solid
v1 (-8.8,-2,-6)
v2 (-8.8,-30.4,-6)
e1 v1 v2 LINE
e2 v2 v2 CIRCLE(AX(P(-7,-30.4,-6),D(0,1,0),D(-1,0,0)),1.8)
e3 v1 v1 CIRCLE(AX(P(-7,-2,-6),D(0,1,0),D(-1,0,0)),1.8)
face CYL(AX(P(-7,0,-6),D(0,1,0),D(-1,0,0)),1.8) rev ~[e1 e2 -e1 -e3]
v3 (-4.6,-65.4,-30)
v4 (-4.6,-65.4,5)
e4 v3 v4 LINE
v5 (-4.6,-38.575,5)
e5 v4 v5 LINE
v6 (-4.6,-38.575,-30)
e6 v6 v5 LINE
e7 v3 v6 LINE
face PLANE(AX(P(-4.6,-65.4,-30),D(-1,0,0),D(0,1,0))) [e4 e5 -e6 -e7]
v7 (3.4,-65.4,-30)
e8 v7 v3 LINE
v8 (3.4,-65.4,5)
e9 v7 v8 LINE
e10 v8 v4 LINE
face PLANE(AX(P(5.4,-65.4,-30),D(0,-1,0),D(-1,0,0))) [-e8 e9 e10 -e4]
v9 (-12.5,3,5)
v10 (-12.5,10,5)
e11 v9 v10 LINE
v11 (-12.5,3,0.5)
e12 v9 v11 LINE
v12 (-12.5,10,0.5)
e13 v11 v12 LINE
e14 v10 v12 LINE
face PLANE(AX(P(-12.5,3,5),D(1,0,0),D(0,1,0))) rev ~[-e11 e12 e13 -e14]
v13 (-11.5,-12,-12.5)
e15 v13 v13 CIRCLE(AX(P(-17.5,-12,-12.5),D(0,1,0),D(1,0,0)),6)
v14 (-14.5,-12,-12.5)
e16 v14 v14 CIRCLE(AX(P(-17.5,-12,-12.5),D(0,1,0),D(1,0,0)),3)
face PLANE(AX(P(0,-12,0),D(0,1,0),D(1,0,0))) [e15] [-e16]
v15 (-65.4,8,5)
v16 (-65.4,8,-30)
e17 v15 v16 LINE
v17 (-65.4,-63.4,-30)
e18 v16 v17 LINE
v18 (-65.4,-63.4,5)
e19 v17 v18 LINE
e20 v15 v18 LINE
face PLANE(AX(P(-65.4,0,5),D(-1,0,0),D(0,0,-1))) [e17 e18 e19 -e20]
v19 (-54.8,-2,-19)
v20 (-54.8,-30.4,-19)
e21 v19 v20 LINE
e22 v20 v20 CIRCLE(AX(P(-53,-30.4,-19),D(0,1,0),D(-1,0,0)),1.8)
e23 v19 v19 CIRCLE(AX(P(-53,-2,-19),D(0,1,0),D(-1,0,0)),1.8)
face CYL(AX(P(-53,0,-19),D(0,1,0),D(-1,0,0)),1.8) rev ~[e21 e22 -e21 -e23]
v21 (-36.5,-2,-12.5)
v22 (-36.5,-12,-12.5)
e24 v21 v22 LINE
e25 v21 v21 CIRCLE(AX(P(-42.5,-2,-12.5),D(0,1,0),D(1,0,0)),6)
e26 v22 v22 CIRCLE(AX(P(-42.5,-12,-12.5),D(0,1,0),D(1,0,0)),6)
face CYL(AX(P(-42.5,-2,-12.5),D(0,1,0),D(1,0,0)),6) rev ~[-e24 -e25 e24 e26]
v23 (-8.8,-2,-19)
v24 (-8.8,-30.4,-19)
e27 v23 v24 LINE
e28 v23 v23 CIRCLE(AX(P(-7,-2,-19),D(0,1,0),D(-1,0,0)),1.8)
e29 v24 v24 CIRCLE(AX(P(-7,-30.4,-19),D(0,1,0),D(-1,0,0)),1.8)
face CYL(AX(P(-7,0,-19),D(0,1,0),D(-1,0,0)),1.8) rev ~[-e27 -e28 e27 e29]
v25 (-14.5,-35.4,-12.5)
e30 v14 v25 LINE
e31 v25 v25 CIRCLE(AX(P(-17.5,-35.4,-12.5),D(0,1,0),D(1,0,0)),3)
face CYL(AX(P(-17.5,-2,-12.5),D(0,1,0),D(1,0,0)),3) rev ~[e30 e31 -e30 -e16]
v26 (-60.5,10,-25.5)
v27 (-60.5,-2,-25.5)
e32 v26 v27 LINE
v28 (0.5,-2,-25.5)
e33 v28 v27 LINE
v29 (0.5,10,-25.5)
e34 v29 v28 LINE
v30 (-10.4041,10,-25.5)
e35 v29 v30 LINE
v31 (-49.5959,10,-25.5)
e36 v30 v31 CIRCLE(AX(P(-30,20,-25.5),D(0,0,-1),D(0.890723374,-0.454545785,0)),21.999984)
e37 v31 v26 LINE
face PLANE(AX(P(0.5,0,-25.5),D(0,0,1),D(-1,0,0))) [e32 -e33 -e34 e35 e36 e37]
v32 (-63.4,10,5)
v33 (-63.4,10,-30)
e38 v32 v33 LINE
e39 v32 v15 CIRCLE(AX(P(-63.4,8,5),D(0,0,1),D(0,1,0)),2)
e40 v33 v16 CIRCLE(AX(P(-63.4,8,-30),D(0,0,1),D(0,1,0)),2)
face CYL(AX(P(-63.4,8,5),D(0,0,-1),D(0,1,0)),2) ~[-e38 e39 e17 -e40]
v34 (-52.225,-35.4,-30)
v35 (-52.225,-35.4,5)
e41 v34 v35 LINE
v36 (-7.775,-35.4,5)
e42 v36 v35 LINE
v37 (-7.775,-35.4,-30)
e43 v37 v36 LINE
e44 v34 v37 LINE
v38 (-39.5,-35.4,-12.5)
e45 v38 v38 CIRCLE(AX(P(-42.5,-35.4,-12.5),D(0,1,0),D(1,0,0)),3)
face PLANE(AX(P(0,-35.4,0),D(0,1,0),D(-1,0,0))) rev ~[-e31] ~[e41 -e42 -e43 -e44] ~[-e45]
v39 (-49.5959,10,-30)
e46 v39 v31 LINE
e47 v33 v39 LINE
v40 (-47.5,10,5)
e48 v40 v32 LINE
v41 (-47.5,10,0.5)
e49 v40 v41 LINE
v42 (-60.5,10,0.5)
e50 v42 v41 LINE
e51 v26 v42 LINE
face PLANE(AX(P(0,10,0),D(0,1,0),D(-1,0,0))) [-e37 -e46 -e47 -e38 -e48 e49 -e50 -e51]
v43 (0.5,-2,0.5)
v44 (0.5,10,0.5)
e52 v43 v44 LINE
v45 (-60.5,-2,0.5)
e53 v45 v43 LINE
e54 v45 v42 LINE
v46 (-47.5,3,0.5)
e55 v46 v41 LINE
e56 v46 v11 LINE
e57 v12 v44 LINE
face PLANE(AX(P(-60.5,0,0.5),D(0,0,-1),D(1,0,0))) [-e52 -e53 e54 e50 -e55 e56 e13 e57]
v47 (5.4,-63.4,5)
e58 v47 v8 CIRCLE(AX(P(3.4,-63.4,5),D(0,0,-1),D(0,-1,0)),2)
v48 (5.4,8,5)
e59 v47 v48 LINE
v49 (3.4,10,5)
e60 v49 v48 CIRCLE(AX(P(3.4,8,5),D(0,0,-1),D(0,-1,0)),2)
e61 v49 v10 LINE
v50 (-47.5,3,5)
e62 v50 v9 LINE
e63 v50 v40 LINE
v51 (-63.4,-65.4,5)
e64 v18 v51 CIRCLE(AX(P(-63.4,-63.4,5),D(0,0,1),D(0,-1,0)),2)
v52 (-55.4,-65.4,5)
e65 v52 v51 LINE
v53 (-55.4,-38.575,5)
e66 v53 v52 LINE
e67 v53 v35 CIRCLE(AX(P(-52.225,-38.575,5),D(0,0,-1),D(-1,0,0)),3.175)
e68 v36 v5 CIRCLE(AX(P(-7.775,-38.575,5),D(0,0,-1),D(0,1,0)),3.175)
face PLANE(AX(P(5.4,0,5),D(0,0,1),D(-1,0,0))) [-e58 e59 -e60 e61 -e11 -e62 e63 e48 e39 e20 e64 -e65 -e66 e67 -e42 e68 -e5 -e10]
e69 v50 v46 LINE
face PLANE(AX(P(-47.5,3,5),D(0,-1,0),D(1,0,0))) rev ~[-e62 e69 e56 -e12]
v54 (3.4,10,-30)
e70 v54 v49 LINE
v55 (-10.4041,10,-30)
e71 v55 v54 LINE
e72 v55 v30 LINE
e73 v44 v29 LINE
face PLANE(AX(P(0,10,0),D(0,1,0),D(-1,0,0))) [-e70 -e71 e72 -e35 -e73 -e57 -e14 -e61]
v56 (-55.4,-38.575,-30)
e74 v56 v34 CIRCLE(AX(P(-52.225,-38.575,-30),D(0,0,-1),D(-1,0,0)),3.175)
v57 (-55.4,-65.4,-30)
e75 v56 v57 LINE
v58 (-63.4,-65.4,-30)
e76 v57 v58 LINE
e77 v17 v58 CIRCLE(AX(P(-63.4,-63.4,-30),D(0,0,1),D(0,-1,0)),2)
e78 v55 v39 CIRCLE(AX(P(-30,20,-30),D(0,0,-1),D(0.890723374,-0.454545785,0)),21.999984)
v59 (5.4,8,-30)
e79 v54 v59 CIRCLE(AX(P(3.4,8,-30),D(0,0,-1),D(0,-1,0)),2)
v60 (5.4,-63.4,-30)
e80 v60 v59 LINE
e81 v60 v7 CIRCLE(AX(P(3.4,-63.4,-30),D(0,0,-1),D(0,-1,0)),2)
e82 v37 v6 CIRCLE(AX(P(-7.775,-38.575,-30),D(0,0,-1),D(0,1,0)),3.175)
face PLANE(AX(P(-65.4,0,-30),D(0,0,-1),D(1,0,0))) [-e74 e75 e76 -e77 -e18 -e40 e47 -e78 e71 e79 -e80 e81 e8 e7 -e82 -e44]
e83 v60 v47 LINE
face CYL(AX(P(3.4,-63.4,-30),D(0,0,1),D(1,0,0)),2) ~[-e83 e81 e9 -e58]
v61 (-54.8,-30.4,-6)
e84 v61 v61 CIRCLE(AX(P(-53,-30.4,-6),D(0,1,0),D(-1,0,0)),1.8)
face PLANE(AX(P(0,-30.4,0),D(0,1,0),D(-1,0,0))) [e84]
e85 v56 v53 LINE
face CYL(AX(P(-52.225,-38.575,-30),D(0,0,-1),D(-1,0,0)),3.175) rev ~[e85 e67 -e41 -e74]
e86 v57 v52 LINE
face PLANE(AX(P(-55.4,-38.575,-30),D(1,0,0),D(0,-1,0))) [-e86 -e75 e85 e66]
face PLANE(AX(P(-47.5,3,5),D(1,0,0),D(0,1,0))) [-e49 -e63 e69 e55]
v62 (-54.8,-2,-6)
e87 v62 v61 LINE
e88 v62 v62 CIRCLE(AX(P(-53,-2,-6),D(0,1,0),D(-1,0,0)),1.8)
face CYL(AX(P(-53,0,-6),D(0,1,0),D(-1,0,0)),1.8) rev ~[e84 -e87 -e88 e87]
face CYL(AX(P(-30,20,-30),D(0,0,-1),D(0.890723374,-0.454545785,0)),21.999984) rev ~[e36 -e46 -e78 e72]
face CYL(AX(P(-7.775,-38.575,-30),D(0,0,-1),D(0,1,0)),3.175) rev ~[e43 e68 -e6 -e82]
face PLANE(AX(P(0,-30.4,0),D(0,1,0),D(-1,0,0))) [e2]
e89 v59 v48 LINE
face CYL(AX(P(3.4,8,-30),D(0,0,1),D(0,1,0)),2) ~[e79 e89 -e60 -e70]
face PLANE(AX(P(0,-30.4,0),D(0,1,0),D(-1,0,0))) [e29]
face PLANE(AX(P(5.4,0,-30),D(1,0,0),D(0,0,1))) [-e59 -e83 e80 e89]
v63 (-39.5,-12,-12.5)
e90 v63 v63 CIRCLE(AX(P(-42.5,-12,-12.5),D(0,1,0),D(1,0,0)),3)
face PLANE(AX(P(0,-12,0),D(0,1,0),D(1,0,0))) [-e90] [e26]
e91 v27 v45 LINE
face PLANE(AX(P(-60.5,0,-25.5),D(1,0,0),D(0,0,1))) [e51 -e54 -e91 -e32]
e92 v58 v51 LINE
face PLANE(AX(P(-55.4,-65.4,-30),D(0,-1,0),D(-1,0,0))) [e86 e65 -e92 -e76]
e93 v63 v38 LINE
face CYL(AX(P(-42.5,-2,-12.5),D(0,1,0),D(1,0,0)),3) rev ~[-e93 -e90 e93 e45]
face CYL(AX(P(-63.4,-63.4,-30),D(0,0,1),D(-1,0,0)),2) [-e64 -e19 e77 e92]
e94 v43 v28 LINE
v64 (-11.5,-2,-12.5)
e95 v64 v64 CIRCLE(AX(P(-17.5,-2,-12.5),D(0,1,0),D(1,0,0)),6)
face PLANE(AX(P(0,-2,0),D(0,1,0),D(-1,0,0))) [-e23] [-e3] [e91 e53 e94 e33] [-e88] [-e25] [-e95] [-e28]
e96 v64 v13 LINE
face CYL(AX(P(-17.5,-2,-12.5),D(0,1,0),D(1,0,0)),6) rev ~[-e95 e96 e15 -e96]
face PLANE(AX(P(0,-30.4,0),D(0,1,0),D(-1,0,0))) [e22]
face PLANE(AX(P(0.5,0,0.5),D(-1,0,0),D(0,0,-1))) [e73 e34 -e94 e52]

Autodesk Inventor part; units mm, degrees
ref_plane "YZ Plane" through (0, 0, 0) normal (1, 0, 0) x (0, 1, 0)
ref_plane "XZ Plane" through (0, 0, 0) normal (0, 1, 0) x (-1, 0, 0)
ref_plane "XY Plane" through (0, 0, 0) normal (0, 0, 1) x (1, 0, 0)
sketch "Sketch1" plane through (0, 0, 0) normal (0, 1, 0) x (-1, 0, 0)
  line L0 (0, 0) -> (60, 0) construction
  line L1 (60, 0) -> (60, -25) construction
  line L2 (60, -25) -> (0, -25) construction
  line L3 (0, -25) -> (0, 0) construction
  line L4 (60.5, 0.5) -> (-0.5, 0.5)
  line L5 (-0.5, 0.5) -> (-0.5, -25.5)
  line L6 (-0.5, -25.5) -> (60.5, -25.5)
  line L7 (60.5, -25.5) -> (60.5, 0.5)
  circle A0 centre (53, -19) radius 1.8
  circle A1 centre (7, -19) radius 1.8
  circle A2 centre (7, -6) radius 1.8
  circle A3 centre (53, -6) radius 1.8
  line L8 (53, -19) -> (7, -19) construction
  line L9 (7, -19) -> (7, -6) construction
  point P0 (30, -19)
  point P1 (30, -25)
  point P2 (7, -12.5)
  point P3 (0, -12.5)
  dimension "d0" = 25
  dimension "d1" = 60
  dimension "d2" = 0.5
  dimension "d3" = 0.5
  dimension "d4" = 0.5
  dimension "d5" = 0.5
  dimension "d6" = 3.6
  dimension "d7" = 46
  dimension "d8" = 13
sketch "Sketch2" plane through (0, 0, 0) normal (0, 1, 0) x (-1, 0, 0)
  line L0 (-5.4, 5) -> (65.4, 5)
  line L1 (65.4, 5) -> (65.4, -30)
  line L2 (65.4, -30) -> (-5.4, -30)
  line L3 (-5.4, -30) -> (-5.4, 5)
  line L4 (60.5, -25.5) -> (60.5, 0.5) construction
  line L5 (-0.5, 0.5) -> (-0.5, -25.5) construction
  line L6 (-0.5, -25.5) -> (60.5, -25.5) construction
  point P0 (0, 0)
  point P1 (60.5, -12.5)
  point P2 (65.4, -12.5)
  point P3 (30, -25.5)
  point P4 (30, -30)
  dimension "d9" = 70.8
  dimension "d10" = 35
extrude "Extrusion1" add sketch "Sketch2" along normal blind 10 and the other way blind 35.4
extrude "Extrusion2" cut sketch "Sketch1" along normal blind 10 and the other way blind 2
extrude "Extrusion3" cut sketch "Sketch1" along normal blind 10 and the other way blind 30.4 contours A0 | A1 | A2 | A3
sketch "Sketch3" plane through (5.4, 10, -30) normal (0, 0, -1) x (-1, 0, 0)
  line L0 (70.8, -45.4) -> (0, -45.4) projected
  line L1 (0, -45.4) -> (0, -75.4)
  line L2 (0, -75.4) -> (10, -75.4)
  line L3 (10, -75.4) -> (10, -48.575)
  line L4 (13.175, -45.4) -> (57.625, -45.4)
  line L5 (60.8, -48.575) -> (60.8, -75.4)
  line L6 (60.8, -75.4) -> (70.8, -75.4)
  line L7 (70.8, -75.4) -> (70.8, -45.4)
  arc A0 (13.175, -45.4) -> (10, -48.575) centre (13.175, -48.575) ccw
  arc A1 (60.8, -48.575) -> (57.625, -45.4) centre (57.625, -48.575) ccw
  point P0 (5.4, -10)
  point P1 (10, -45.4)
  point P2 (60.8, -45.4)
  point P3 (35.4, -45.4)
  point P4 (13.175, -45.4)
  point P5 (57.625, -45.4)
  dimension "d23" = 50.8
  dimension "d24" = 3.175
  dimension "d25" = 10
  dimension "d26" = 30
extrude "Extrusion4" add sketch "Sketch3" against normal up to surface (35 mm away)
sketch "Sketch4" plane through (0, -2, 0) normal (0, 1, 0) x (1, 0, 0)
  circle A0 centre (-42.5, 12.5) radius 3
  circle A1 centre (-17.5, 12.5) radius 3
  line L0 (-60.5, 25.5) -> (0.5, 25.5) construction
  line L1 (-60.5, -0.5) -> (-60.5, 25.5) construction
  line L2 (-42.5, 12.5) -> (-17.5, 12.5) construction
  point P0 (0, 0)
  point P1 (-30, 25.5)
  point P2 (-30, 12.5)
  point P3 (-60.5, 12.5)
  dimension "d29" = 6
  dimension "d30" = 25
extrude "Extrusion5" cut sketch "Sketch4" against normal up to surface (33.4 mm away)
sketch "Sketch5" plane through (0, -2, 0) normal (0, 1, 0) x (1, 0, 0)
  circle A0 centre (-42.5, 12.5) radius 3 construction
  circle A1 centre (-17.5, 12.5) radius 3 construction
  circle A2 centre (-17.5, 12.5) radius 6
  circle A3 centre (-42.5, 12.5) radius 6
  point P0 (0, 0)
  dimension "d34" = 12
extrude "Extrusion6" cut sketch "Sketch5" against normal blind 10
fillet "Fillet1" radius 2 2 edges at (-65.4, 10, -12.5) (5.4, 10, -12.5)
fillet "Fillet2" radius 2 2 edges at (-65.4, -65.4, -12.5) (5.4, -65.4, -12.5)
sketch "Sketch6" plane through (-52.225, -35.4, 5) normal (0, 0, 1) x (1, 0, 0)
  line L0 (44.45, 0) -> (0, 0) construction
  line L1 (4.725, 38.4) -> (39.725, 38.4)
  line L2 (44.45, 0) -> (0, 0) projected
  line L3 (-11.175, 45.4) -> (55.625, 45.4) projected
  line L4 (39.725, 38.4) -> (39.725, 45.4)
  line L5 (4.725, 38.4) -> (4.725, 45.4)
  point P0 (52.225, 35.4)
  point P1 (22.225, 38.4)
  point P2 (22.225, 0)
  point P3 (70.325, 0)
  point P4 (-0.475, 0)
  dimension "d39" = 38.4
  dimension "d40" = 35
extrude "Extrusion7" cut sketch "Sketch6" against normal up to surface (4.5 mm away)
sketch "Sketch7" plane through (-4.6, -65.4, -30) normal (0, 0, -1) x (-1, 0, 0)
  arc A0 (5.8041, 75.4) -> (44.9959, 75.4) centre (25.4, 85.4) ccw
  line L0 (-8, 75.4) -> (58.8, 75.4) projected
  point P0 (-4.6, 65.4)
  point P1 (25.4, 75.4)
  dimension "d44" = 22
  dimension "d45" = 10
extrude "Extrusion8" cut sketch "Sketch7" against normal blind 10
properties part number "BK12_Spacer"
